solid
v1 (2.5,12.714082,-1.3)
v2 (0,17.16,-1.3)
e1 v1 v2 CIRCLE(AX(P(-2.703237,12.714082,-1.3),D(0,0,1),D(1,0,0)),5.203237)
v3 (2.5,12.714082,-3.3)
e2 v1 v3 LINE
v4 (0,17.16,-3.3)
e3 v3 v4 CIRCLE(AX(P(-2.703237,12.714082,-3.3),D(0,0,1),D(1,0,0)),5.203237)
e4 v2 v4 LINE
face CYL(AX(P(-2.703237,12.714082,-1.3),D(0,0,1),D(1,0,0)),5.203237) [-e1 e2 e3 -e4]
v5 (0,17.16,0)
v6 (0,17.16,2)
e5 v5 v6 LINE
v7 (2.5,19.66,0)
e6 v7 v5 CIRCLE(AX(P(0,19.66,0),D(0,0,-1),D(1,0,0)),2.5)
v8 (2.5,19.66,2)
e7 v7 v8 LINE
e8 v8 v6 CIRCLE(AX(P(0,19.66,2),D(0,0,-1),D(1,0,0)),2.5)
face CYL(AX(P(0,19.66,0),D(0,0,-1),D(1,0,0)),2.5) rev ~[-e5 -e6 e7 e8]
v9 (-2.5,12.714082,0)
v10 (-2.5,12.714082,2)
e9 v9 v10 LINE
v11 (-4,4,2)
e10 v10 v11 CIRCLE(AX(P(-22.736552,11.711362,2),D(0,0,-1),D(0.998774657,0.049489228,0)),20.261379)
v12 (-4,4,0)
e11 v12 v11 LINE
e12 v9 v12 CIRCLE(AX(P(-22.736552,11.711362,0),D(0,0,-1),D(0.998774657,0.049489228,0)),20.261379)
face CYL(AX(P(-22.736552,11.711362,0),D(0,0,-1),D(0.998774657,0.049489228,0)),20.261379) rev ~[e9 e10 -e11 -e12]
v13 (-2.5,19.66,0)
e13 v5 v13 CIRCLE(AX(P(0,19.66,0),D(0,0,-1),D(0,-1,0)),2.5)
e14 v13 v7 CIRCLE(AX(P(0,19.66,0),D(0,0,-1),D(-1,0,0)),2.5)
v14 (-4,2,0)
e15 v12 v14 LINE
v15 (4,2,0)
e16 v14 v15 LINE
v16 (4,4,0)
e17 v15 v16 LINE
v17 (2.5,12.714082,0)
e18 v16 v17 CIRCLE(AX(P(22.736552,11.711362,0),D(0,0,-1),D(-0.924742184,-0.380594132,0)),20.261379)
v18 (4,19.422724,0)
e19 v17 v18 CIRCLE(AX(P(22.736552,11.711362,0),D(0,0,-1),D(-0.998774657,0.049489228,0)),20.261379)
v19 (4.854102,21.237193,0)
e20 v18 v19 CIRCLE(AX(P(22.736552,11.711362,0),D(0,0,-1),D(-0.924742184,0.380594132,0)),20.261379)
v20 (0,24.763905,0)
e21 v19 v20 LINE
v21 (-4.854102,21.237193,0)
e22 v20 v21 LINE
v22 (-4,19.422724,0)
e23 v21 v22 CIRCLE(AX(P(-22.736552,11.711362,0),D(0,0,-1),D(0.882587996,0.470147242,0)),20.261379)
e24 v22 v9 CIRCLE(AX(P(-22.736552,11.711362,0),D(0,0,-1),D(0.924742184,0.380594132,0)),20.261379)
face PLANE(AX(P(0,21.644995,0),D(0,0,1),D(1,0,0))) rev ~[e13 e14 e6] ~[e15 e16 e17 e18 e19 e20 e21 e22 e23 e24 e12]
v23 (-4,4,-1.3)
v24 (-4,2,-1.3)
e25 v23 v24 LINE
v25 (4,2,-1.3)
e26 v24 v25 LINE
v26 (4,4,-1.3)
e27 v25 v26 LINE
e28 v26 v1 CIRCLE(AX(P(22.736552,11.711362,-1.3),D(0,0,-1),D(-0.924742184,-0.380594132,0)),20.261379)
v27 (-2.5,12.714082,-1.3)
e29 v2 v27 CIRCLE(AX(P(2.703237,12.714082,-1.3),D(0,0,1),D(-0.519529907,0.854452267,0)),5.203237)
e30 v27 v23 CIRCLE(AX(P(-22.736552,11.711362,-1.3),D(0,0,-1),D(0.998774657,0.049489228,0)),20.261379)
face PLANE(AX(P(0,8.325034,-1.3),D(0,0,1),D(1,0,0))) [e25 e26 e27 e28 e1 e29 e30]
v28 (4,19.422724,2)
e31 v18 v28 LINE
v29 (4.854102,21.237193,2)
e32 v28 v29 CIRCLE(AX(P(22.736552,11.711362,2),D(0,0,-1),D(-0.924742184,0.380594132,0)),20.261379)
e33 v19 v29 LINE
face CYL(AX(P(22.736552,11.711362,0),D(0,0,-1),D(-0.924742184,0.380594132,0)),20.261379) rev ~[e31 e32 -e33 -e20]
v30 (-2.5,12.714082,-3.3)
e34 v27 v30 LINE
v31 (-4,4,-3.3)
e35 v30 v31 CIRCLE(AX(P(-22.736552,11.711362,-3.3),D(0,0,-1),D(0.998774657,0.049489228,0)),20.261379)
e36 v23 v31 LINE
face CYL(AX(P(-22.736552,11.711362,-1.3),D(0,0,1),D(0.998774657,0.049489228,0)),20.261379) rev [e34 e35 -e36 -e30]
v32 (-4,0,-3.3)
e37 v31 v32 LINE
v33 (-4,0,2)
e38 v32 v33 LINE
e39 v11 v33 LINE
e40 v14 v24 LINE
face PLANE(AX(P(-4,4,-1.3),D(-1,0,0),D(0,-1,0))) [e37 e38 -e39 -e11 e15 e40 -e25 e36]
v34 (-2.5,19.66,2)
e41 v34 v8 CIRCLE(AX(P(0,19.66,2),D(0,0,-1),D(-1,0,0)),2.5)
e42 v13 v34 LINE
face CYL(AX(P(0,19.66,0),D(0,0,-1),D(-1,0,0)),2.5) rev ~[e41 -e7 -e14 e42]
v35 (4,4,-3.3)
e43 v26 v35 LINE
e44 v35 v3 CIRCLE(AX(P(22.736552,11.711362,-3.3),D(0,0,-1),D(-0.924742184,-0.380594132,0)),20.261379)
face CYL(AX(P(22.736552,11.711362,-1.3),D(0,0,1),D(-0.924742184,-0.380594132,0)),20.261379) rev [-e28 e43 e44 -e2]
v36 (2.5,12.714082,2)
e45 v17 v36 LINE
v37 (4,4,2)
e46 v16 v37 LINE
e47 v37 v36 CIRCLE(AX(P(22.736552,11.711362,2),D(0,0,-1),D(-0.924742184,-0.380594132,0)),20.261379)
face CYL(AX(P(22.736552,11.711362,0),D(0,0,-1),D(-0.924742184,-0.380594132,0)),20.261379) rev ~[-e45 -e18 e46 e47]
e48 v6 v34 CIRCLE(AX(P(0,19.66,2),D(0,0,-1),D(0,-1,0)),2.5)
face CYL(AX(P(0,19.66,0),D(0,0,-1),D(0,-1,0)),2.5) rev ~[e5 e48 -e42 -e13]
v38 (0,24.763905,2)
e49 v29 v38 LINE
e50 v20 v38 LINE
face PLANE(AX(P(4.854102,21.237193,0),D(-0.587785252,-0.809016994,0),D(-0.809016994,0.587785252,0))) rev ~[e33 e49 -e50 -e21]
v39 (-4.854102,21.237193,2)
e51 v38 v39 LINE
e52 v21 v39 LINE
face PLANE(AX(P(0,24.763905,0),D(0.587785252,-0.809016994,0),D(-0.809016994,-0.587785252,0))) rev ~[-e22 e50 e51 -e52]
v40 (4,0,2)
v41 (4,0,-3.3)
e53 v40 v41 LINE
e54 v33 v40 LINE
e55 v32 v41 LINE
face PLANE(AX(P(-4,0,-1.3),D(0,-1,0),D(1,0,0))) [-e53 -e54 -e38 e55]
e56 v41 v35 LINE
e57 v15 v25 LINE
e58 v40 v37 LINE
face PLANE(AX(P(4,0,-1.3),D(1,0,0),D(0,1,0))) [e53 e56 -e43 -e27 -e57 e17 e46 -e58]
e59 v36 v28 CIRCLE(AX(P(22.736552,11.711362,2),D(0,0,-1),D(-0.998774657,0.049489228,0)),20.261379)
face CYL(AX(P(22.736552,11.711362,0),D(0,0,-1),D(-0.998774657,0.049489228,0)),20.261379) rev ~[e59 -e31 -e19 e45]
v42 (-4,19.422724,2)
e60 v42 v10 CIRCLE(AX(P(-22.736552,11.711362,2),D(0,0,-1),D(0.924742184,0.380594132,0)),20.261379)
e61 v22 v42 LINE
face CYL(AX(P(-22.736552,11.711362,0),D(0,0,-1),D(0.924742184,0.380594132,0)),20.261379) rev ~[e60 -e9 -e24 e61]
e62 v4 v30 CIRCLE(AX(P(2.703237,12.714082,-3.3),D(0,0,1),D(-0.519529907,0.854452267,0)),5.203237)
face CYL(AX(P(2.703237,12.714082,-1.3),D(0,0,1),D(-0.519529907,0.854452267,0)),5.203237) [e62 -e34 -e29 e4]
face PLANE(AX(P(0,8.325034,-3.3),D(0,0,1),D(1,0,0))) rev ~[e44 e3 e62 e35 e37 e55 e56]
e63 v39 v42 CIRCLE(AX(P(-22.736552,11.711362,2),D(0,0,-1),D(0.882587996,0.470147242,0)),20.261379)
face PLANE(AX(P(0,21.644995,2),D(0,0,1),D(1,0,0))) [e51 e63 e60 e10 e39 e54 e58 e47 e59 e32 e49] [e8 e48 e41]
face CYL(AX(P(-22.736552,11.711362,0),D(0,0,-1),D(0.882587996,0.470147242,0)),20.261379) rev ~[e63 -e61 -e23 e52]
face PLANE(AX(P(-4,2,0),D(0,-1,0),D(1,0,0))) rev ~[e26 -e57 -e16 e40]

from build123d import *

# Parameters (mm, degrees)
F0_W     = 8
F0_H     = 2
F1_DEPTH = 2
F2_DEPTH = 1.3
F3_START = -1.3
F3_DEPTH = 2


with BuildPart() as f1:
    # F0 (on Top) → F1 (new body)
    with BuildSketch(Plane.XY):
        with BuildLine():
            ThreePointArc((-2.5, 19.66), (0, 22.16), (2.5, 19.66))
            Line((2.5, 19.66), (4, 19.66))
            Line((4, 19.66), (4, 19.422723854))
            ThreePointArc((4, 19.422723854), (4.4045880471, 20.3405322852), (4.8541019662, 21.2371933364))
            Line((4.8541019662, 21.2371933364), (0, 24.7639048501))
            Line((0, 24.7639048501), (-4.8541019662, 21.2371933364))
            ThreePointArc((-4.8541019662, 21.2371933364), (-4.4045880471, 20.3405322852), (-4, 19.422723854))
            Line((-4, 19.422723854), (-4, 19.66))
            Line((-4, 19.66), (-2.5, 19.66))
        make_face()
        with BuildLine():
            ThreePointArc((2.5, 12.7140819367), (1.8321382954, 15.2643852238), (0, 17.16))
            ThreePointArc((0, 17.16), (-1.8321382954, 15.2643852238), (-2.5, 12.7140819367))
            ThreePointArc((-2.5, 12.7140819367), (-2.7688401868, 8.2742164407), (-4, 4))
            Line((-4, 4), (-4, 2))
            Line((-4, 2), (4, 2))
            Line((4, 2), (4, 4))
            ThreePointArc((4, 4), (2.7688401868, 8.2742164407), (2.5, 12.7140819367))
        make_face()
        with Locations((0, 1)):
            Rectangle(F0_W, F0_H)
        with BuildLine():
            ThreePointArc((0, 17.16), (-1.767766953, 17.892233047), (-2.5, 19.66))
            Line((-2.5, 19.66), (-2.5, 12.7140819367))
            ThreePointArc((-2.5, 12.7140819367), (-1.8321382954, 15.2643852238), (0, 17.16))
        make_face()
        with BuildLine():
            Line((2.5, 12.7140819367), (2.5, 19.66))
            ThreePointArc((2.5, 19.66), (1.767766953, 17.892233047), (0, 17.16))
            ThreePointArc((0, 17.16), (1.8321382954, 15.2643852238), (2.5, 12.7140819367))
        make_face()
        with BuildLine():
            Line((-2.5, 12.7140819367), (-2.5, 19.66))
            Line((-2.5, 19.66), (-4, 19.66))
            Line((-4, 19.66), (-4, 19.422723854))
            ThreePointArc((-4, 19.422723854), (-2.9634091525, 16.1324823732), (-2.5, 12.7140819367))
        make_face()
        with BuildLine():
            Line((4, 19.66), (2.5, 19.66))
            Line((2.5, 19.66), (2.5, 12.7140819367))
            ThreePointArc((2.5, 12.7140819367), (2.9634091525, 16.1324823732), (4, 19.422723854))
            Line((4, 19.422723854), (4, 19.66))
        make_face()
    extrude(amount=F1_DEPTH)

    # F0 (on Top) → F2 (join)
    with BuildSketch(Plane.XY):
        with Locations((0, 1)):
            Rectangle(F0_W, F0_H)
    extrude(amount=-F2_DEPTH)

    # F0 (on Top) → F3 (join)
    with BuildSketch(Plane.XY.offset(F3_START)):
        with BuildLine():
            ThreePointArc((2.5, 12.7140819367), (1.8321382954, 15.2643852238), (0, 17.16))
            ThreePointArc((0, 17.16), (-1.8321382954, 15.2643852238), (-2.5, 12.7140819367))
            ThreePointArc((-2.5, 12.7140819367), (-2.7688401868, 8.2742164407), (-4, 4))
            Line((-4, 4), (-4, 2))
            Line((-4, 2), (4, 2))
            Line((4, 2), (4, 4))
            ThreePointArc((4, 4), (2.7688401868, 8.2742164407), (2.5, 12.7140819367))
        make_face()
        with Locations((0, 1)):
            Rectangle(F0_W, F0_H)
    extrude(amount=-F3_DEPTH)


solid = f1.part
